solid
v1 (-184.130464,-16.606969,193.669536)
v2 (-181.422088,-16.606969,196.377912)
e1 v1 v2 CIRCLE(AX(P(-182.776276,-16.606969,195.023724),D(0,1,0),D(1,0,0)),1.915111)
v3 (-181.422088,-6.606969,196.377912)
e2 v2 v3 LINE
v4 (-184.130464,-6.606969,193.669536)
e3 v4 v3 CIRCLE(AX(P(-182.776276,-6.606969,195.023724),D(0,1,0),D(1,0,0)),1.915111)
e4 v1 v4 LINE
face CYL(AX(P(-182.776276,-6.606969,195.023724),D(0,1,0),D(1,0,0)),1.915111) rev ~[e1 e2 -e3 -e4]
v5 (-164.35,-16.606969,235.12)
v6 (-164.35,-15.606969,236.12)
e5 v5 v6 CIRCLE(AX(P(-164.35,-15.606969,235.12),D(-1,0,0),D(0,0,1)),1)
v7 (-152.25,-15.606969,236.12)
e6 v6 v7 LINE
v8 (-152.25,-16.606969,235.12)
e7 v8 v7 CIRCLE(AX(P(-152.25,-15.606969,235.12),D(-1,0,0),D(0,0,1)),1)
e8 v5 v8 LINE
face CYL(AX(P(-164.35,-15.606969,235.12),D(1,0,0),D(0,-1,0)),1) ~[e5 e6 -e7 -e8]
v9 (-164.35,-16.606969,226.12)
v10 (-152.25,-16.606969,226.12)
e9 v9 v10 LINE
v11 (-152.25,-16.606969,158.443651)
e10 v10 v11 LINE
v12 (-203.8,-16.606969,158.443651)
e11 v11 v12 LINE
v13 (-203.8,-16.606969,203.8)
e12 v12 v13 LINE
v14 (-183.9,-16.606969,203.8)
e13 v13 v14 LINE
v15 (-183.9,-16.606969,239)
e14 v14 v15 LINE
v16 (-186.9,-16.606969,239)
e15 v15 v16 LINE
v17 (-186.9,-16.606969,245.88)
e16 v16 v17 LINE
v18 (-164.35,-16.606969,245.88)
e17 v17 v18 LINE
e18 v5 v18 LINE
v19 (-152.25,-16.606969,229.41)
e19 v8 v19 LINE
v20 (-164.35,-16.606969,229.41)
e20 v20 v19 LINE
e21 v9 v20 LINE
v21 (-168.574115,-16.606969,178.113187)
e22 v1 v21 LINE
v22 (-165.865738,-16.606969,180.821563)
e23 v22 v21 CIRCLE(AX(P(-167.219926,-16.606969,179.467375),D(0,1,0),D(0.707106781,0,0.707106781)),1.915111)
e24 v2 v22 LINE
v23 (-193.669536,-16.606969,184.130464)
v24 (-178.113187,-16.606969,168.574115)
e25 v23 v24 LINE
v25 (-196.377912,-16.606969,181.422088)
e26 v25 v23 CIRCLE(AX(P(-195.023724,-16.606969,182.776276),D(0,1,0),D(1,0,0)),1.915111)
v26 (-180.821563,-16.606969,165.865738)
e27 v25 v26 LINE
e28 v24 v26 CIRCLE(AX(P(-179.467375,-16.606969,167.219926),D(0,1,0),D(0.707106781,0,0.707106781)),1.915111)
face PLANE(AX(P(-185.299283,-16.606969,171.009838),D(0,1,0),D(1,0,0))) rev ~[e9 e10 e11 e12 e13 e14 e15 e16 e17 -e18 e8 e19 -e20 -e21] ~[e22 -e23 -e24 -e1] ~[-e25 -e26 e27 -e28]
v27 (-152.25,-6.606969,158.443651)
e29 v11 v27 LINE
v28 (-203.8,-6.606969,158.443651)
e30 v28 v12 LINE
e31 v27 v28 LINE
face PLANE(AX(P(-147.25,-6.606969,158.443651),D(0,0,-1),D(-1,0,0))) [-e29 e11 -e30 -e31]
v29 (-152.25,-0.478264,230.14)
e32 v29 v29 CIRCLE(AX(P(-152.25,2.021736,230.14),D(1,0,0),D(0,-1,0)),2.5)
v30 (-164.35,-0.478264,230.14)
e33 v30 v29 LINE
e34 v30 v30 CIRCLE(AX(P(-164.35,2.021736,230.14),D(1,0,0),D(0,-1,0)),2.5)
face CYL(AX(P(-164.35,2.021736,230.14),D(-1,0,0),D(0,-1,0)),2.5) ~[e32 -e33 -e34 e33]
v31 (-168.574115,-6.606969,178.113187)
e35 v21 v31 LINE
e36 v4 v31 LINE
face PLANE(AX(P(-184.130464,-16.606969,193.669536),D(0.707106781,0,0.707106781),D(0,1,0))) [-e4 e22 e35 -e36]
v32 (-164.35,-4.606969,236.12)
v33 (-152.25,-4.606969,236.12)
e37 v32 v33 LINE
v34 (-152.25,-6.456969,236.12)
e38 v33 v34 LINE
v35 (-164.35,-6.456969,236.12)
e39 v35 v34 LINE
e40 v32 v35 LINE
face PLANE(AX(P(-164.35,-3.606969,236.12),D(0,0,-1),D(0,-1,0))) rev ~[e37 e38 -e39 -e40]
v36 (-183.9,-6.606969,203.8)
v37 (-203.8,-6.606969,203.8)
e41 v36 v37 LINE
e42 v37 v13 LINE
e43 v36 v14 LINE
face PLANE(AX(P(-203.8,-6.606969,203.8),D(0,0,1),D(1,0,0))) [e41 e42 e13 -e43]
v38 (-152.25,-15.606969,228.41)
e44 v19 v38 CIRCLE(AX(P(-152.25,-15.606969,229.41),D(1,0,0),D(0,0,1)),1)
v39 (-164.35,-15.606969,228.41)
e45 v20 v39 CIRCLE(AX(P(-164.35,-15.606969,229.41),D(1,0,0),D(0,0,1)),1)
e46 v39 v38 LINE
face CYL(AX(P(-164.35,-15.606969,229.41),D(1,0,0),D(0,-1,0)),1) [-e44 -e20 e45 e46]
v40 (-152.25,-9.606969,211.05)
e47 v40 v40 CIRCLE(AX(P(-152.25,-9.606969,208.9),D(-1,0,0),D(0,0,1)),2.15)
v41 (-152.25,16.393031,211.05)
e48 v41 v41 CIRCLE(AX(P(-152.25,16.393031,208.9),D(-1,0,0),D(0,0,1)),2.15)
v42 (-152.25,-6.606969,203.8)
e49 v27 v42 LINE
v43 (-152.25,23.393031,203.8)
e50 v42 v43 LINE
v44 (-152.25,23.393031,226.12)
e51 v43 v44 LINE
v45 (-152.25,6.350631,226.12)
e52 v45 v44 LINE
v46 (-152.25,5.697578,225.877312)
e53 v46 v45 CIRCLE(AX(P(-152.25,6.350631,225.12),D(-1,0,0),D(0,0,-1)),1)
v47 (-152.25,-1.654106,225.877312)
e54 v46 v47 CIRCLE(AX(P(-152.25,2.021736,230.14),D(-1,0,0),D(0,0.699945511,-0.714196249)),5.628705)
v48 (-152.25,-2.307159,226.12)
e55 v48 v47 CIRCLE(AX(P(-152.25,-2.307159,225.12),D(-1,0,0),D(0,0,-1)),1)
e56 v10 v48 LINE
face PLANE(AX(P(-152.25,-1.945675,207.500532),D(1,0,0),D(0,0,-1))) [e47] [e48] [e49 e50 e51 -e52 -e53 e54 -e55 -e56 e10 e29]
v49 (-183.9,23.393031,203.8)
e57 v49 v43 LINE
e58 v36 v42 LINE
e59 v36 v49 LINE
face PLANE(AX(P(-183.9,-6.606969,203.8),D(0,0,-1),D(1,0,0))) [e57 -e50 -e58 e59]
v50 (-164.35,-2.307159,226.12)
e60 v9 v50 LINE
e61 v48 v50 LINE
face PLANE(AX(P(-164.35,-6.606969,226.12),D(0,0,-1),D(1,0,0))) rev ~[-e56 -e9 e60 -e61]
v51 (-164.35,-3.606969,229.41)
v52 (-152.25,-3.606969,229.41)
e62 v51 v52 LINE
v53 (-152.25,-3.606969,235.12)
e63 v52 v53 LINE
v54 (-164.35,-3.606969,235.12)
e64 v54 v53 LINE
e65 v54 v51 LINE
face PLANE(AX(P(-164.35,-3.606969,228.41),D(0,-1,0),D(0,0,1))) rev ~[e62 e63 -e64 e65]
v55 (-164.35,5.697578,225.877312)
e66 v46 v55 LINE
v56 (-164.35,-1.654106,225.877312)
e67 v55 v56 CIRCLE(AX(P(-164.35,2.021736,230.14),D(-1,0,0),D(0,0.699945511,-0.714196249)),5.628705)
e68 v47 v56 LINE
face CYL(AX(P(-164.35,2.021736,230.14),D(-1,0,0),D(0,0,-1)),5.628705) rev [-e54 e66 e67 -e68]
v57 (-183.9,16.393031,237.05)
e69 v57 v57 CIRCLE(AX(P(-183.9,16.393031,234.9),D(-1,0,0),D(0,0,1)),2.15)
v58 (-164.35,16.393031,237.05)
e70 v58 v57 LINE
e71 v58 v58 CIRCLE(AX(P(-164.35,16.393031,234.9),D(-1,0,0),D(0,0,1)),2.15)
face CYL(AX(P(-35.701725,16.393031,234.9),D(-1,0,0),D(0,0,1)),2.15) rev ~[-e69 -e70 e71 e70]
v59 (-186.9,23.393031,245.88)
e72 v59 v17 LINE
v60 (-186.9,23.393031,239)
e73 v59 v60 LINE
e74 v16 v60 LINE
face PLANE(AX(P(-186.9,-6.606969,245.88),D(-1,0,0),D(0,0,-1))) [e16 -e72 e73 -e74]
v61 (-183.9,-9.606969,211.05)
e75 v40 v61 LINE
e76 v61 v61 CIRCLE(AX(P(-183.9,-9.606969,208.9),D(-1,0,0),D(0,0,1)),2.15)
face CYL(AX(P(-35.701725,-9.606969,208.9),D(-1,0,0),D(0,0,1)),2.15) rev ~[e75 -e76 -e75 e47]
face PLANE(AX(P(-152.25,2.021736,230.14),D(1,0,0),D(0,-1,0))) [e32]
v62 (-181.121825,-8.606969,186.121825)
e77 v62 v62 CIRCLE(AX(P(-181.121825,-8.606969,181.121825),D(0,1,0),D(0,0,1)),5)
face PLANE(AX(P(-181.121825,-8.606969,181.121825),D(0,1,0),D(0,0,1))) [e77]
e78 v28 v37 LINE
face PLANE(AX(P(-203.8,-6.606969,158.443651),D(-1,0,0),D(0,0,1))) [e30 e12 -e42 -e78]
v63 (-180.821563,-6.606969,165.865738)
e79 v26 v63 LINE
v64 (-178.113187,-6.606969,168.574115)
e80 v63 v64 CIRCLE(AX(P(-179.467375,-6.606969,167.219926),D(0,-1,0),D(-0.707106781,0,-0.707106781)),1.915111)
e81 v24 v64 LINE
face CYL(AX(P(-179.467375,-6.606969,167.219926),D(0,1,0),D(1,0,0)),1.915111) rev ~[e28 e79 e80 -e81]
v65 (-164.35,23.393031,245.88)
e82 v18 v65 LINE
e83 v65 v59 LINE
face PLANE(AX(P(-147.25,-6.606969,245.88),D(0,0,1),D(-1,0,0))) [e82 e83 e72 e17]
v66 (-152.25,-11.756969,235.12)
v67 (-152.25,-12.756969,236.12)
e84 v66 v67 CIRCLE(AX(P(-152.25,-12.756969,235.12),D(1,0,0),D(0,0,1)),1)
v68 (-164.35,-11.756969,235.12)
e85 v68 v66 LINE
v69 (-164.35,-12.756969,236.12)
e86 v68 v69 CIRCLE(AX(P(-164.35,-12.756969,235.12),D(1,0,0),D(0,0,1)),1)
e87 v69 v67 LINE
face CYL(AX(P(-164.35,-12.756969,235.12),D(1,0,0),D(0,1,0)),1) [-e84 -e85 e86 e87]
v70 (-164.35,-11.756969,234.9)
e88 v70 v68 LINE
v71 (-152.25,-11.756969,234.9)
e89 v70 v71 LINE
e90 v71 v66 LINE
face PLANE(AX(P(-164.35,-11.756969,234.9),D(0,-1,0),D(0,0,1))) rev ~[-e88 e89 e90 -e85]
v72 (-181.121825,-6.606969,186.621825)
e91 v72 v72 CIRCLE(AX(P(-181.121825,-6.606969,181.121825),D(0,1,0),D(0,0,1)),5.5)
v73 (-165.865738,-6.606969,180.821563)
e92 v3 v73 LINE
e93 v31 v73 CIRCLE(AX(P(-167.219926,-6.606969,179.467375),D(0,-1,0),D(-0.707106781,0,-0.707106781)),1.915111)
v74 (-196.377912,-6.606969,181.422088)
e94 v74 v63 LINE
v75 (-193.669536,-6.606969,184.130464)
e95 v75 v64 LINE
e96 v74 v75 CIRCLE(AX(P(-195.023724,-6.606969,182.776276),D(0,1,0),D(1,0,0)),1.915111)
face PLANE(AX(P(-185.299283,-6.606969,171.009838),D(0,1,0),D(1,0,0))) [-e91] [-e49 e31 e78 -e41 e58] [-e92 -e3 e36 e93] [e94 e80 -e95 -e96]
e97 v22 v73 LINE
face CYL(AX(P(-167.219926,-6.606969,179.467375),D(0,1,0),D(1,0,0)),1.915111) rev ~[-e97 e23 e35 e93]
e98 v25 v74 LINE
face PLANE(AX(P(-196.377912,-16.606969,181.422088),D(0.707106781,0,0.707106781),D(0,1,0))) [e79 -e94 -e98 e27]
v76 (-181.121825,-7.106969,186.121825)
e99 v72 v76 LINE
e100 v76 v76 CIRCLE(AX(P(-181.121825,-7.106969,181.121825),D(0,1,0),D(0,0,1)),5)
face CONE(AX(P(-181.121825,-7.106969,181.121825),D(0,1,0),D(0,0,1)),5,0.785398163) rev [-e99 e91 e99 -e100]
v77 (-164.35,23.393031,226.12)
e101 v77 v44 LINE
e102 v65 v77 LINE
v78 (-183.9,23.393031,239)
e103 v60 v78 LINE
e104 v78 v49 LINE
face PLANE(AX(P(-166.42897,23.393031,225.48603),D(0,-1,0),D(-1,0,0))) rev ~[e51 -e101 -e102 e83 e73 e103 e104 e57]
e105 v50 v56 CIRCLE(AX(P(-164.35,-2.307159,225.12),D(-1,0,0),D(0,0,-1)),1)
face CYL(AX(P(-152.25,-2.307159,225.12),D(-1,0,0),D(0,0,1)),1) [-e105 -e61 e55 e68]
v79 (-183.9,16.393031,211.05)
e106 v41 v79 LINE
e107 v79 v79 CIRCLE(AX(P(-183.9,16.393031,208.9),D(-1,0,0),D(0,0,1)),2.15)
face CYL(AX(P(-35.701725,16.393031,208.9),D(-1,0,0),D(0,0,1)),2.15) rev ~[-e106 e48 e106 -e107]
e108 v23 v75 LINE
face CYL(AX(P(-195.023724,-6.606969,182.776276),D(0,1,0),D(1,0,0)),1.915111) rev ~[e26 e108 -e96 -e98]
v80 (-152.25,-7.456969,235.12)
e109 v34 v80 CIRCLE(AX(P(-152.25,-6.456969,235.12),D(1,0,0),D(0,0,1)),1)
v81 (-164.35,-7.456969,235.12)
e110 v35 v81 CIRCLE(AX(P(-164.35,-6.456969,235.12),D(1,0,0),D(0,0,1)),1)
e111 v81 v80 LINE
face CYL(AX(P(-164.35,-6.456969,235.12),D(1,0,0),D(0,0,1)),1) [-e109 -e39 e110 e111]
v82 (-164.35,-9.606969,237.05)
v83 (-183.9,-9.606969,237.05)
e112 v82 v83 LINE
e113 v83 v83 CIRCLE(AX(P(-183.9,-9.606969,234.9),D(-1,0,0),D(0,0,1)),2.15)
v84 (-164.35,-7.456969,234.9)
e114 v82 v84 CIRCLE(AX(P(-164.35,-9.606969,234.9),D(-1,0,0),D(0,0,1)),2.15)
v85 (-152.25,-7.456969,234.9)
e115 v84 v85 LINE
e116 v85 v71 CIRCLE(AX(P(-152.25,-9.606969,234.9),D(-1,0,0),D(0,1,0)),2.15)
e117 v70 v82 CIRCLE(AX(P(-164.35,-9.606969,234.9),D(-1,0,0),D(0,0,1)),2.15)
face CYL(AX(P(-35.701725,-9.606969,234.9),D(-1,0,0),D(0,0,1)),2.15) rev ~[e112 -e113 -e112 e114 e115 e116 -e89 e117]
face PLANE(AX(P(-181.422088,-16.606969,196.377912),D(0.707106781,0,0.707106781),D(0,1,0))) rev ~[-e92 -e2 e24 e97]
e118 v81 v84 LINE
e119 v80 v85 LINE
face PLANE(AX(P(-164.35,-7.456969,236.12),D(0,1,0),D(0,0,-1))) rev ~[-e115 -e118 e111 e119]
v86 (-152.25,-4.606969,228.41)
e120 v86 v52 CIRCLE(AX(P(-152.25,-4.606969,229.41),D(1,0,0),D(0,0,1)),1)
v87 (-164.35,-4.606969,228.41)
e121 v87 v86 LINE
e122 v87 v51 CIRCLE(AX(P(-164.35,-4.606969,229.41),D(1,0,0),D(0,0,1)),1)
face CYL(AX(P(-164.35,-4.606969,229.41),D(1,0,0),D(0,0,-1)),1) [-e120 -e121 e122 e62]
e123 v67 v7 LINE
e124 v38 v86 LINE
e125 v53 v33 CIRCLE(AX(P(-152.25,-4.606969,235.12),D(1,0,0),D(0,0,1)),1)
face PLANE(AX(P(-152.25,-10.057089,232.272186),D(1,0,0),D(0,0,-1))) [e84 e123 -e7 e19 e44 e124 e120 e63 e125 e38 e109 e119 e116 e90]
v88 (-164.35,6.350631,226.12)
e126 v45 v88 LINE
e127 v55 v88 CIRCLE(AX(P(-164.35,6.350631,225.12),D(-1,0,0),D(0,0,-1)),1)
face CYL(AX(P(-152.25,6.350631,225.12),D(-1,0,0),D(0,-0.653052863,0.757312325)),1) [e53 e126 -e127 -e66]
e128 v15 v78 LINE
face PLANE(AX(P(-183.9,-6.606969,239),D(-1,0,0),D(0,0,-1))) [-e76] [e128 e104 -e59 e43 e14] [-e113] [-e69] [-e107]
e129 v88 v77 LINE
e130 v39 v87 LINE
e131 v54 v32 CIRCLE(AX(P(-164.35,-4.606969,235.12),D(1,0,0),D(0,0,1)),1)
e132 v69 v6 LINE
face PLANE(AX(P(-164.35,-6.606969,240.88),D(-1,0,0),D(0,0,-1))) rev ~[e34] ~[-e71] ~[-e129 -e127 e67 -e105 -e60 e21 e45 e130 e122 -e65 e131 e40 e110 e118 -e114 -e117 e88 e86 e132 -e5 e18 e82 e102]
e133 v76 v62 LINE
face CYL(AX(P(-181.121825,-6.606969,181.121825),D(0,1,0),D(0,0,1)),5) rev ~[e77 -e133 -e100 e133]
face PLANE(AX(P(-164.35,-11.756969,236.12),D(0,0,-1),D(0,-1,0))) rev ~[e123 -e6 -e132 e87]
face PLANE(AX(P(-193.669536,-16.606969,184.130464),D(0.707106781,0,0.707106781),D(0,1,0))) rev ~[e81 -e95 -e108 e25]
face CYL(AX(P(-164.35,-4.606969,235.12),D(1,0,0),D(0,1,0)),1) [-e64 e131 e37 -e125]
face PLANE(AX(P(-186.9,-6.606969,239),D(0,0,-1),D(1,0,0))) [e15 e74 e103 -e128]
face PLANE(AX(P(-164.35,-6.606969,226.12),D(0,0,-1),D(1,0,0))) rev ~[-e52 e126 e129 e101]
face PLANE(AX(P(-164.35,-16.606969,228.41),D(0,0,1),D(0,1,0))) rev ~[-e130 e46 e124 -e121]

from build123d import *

# Parameters (mm, degrees)
SKETCH3_W             = 13.49028586
SKETCH3_H             = 10
BOSS_EXTRUDE1_DEPTH   = 22
SKETCH3_W_2           = 3
BOSS_EXTRUDE1_2_DEPTH = 22
BOSS_EXTRUDE1_3_DEPTH = 22
SKETCH4_W             = 27.150730292
SKETCH4_H             = 10
BOSS_EXTRUDE2_DEPTH   = 3
SKETCH5_W             = 27.150730292
SKETCH5_H             = 10
BOSS_EXTRUDE3_DEPTH   = 3
SKETCH7_W             = 12.1
SKETCH7_H             = 14.76
BOSS_EXTRUDE4_DEPTH   = 10
BOSS_EXTRUDE5_DEPTH   = 10
SKETCH15_R            = 1.915111108
CUT_EXTRUDE4_DEPTH    = 320.517471197
SKETCH18_W            = 12.1
SKETCH18_H            = 14.76
BOSS_EXTRUDE6_DEPTH   = 30
M4_CLEARANCE_HOLE1_D  = 4.3
CUT_EXTRUDE7_DEPTH    = 5
SKETCH17_R            = 5
CUT_EXTRUDE6_DEPTH    = 2
CHAMFER1_SIZE         = 0.5
SKETCH24_W            = 5
SKETCH24_H            = 40
CUT_EXTRUDE8_DEPTH    = 12.1
SKETCH25_R            = 2.5
BOSS_EXTRUDE10_DEPTH  = 12.1
CUT_EXTRUDE10_START   = -12.1
SKETCH31_R            = 5.628705003
SKETCH31_R_2          = 2.5
CUT_EXTRUDE10_DEPTH   = 12.1
FILLET1_R             = 1


with BuildPart() as part:
    # Sketch3 → Boss-Extrude1 (new body)
    with BuildSketch(Plane(origin=(-188.9, 0, 188.9), x_dir=(0.7071067811865475, 0, 0.7071067811865477), z_dir=(-0.7071067811865477, 0, 0.7071067811865475))):
        with Locations((0, -11.606969024)):
            Rectangle(SKETCH3_W, SKETCH3_H)
    extrude(amount=-BOSS_EXTRUDE1_DEPTH)



with BuildPart() as body_2:
    # Sketch3 → Boss-Extrude1 2 (new body)
    with BuildSketch(Plane(origin=(-188.9, 0, 188.9), x_dir=(0.7071067811865475, 0, 0.7071067811865477), z_dir=(-0.7071067811865477, 0, 0.7071067811865475))):
        with Locations((12.075365146, -11.606969024)):
            Rectangle(SKETCH3_W_2, SKETCH3_H)
    extrude(amount=-BOSS_EXTRUDE1_2_DEPTH)


with BuildPart() as body_3:
    # Sketch3 → Boss-Extrude1 3 (new body)
    with BuildSketch(Plane(origin=(-188.9, 0, 188.9), x_dir=(0.7071067811865475, 0, 0.7071067811865477), z_dir=(-0.7071067811865477, 0, 0.7071067811865475))):
        with Locations((-12.075365146, -11.606969024)):
            Rectangle(SKETCH3_W_2, SKETCH3_H)
    extrude(amount=-BOSS_EXTRUDE1_3_DEPTH)


with BuildPart() as part_1:
    add(part.part)

    add(body_2.part)  # Boss-Extrude2 merges body 2

    add(body_3.part)  # Boss-Extrude2 merges body 3
    # Sketch4 → Boss-Extrude2 (add)
    with BuildSketch(Plane(origin=(-188.9, 0, 188.9), x_dir=(0.7071067811865472, 0, 0.7071067811865479), z_dir=(-0.7071067811865479, 0, 0.7071067811865472))):
        with Locations((0, -11.606969024)):
            Rectangle(SKETCH4_W, SKETCH4_H)
    extrude(amount=BOSS_EXTRUDE2_DEPTH)

    # Sketch5 → Boss-Extrude3 (add)
    with BuildSketch(Plane(origin=(-173.343650814, 0, 173.343650814), x_dir=(-0.7071067811865472, 0, -0.7071067811865479), z_dir=(0.7071067811865479, 0, -0.7071067811865472))):
        with Locations((0, -11.606969024)):
            Rectangle(SKETCH5_W, SKETCH5_H)
    extrude(amount=BOSS_EXTRUDE3_DEPTH)

    # Sketch7 → Boss-Extrude4 (add)
    with BuildSketch(Plane(origin=(0, -6.606969024, 0), x_dir=(1, 0, 0), z_dir=(0, 1, 0))):
        Polygon((-183.9, -239), (-186.9, -239), (-186.9, -245.88), (-147.25, -245.88), (-147.25, -161.623097719), (-180.821563222, -161.623097719), (-161.623097719, -180.821563222), (-181.422087592, -200.620553095), (-200.620553095, -181.422087592), (-200.620553095, -203.8), (-183.9, -203.8), align=None)
        with Locations((-158.3, -233.5)):
            Rectangle(SKETCH7_W, SKETCH7_H, mode=Mode.SUBTRACT)
    extrude(amount=-BOSS_EXTRUDE4_DEPTH)

    # Sketch13 → Boss-Extrude5 (add)
    with BuildSketch(Plane(origin=(0, -6.606969024, 0), x_dir=(1, 0, 0), z_dir=(0, 1, 0))):
        Polygon((-203.8, -203.8), (-200.620553095, -203.8), (-200.620553095, -181.422087592), (-180.821563222, -161.623097719), (-147.25, -161.623097719), (-147.25, -158.443650814), (-203.8, -158.443650814), align=None)
    extrude(amount=-BOSS_EXTRUDE5_DEPTH)

    # Sketch15 → Cut-Extrude4 (cut, through all)
    with BuildSketch(Plane(origin=(0, -6.606969024, 0), x_dir=(1, 0, 0), z_dir=(0, 1, 0))):
        with Locations((-179.467375171, -167.219926457)):
            Circle(SKETCH15_R)
        with Locations((-167.219926457, -179.467375171)):
            Circle(SKETCH15_R)
        with Locations((-195.023724357, -182.776275643)):
            Circle(SKETCH15_R)
        with Locations((-182.776275643, -195.023724357)):
            Circle(SKETCH15_R)
    extrude(amount=-CUT_EXTRUDE4_DEPTH, mode=Mode.SUBTRACT)

    # Sketch18 → Boss-Extrude6 (add)
    with BuildSketch(Plane(origin=(0, -6.606969024, 0), x_dir=(1, 0, 0), z_dir=(0, 1, 0))):
        Polygon((-183.9, -203.8), (-147.25, -203.8), (-147.25, -245.88), (-186.9, -245.88), (-186.9, -239), (-183.9, -239), align=None)
        with Locations((-158.3, -233.5)):
            Rectangle(SKETCH18_W, SKETCH18_H, mode=Mode.SUBTRACT)
    extrude(amount=BOSS_EXTRUDE6_DEPTH)

    # M4 Clearance Hole1 (through all)
    with Locations(Plane(origin=(-147.25, 0, 0), x_dir=(0, 0, -1), z_dir=(1, 0, 0))):
        with Locations((-234.9, 16.393030976), (-208.9, -9.606969024), (-234.9, -9.606969024), (-208.9, 16.393030976)):
            Hole(M4_CLEARANCE_HOLE1_D / 2)

    # Sketch22 → Cut-Extrude7 (cut)
    with BuildSketch(Plane(origin=(-147.25, 0, 0), x_dir=(0, 0, -1), z_dir=(1, 0, 0))):
        Polygon((-245.88, 23.393030976), (-245.88, -16.606969024), (-158.443650814, -16.606969024), (-158.443650814, -6.606969024), (-203.8, -6.606969024), (-203.8, 23.393030976), align=None)
    extrude(amount=-CUT_EXTRUDE7_DEPTH, mode=Mode.SUBTRACT)

    # Sketch17 → Cut-Extrude6 (cut)
    with BuildSketch(Plane(origin=(0, -6.606969024, 0), x_dir=(1, 0, 0), z_dir=(0, 1, 0))):
        with Locations(Location((-181.121825407, -181.121825407, 0), (0, 0, 270))):
            Circle(SKETCH17_R)
    extrude(amount=-CUT_EXTRUDE6_DEPTH, mode=Mode.SUBTRACT)

    # Chamfer1
    chamfer1_edges = [part_1.edges().sort_by_distance(p)[0] for p in [
        (-181.121825407, -6.606969024, 176.121825407),
    ]]
    chamfer(chamfer1_edges, length=CHAMFER1_SIZE)

    # Sketch24 → Cut-Extrude8 (cut)
    with BuildSketch(Plane(origin=(-152.25, 0, 0), x_dir=(0, 0, -1), z_dir=(1, 0, 0))):
        with Locations((-243.38, 3.393030976)):
            Rectangle(SKETCH24_W, SKETCH24_H)
    extrude(amount=-CUT_EXTRUDE8_DEPTH, mode=Mode.SUBTRACT)

    # Sketch25 → Boss-Extrude10 (add)
    with BuildSketch(Plane(origin=(-164.35, 0, 0), x_dir=(0, 0, -1), z_dir=(1, 0, 0))):
        with Locations(Location((-230.14, 2.021735979, 0), (0, 0, 270))):
            Circle(SKETCH25_R)
        with BuildLine():
            Line((-228.41, -3.606969024), (-236.12, -3.606969024))
            Line((-236.12, -3.606969024), (-236.12, -7.456969024))
            Line((-236.12, -7.456969024), (-234.9, -7.456969024))
            ThreePointArc((-234.9, -7.456969024), (-232.75, -9.606969024), (-234.9, -11.756969024))
            Line((-234.9, -11.756969024), (-236.12, -11.756969024))
            Line((-236.12, -11.756969024), (-236.12, -16.606969024))
            Line((-236.12, -16.606969024), (-228.41, -16.606969024))
            Line((-228.41, -16.606969024), (-228.41, -3.606969024))
        make_face()
    extrude(amount=BOSS_EXTRUDE10_DEPTH)

    # Sketch31 → Cut-Extrude10 (cut)
    with BuildSketch(Plane(origin=(-152.25, 0, 0), x_dir=(0, 0, -1), z_dir=(1, 0, 0)).offset(CUT_EXTRUDE10_START)):
        with Locations((-230.14, 2.021735979)):
            Circle(SKETCH31_R)
        with Locations(Location((-230.14, 2.021735979, 0), (0, 0, 270))):
            Circle(SKETCH31_R_2, mode=Mode.SUBTRACT)
    extrude(amount=CUT_EXTRUDE10_DEPTH, mode=Mode.SUBTRACT)

    # Fillet1
    fillet1_edges = [part_1.edges().sort_by_distance(p)[0] for p in [
        (-158.3, -16.606969024, 228.41),
        (-158.3, -3.606969024, 228.41),
        (-158.3, -3.606969024, 236.12),
        (-158.3, -7.456969024, 236.12),
        (-158.3, -11.756969024, 236.12),
        (-158.3, -16.606969024, 236.12),
        (-158.3, 5.961522777, 226.12),
        (-158.3, -1.918050819, 226.12),
    ]]
    fillet(fillet1_edges, radius=FILLET1_R)


solid = part_1.part
